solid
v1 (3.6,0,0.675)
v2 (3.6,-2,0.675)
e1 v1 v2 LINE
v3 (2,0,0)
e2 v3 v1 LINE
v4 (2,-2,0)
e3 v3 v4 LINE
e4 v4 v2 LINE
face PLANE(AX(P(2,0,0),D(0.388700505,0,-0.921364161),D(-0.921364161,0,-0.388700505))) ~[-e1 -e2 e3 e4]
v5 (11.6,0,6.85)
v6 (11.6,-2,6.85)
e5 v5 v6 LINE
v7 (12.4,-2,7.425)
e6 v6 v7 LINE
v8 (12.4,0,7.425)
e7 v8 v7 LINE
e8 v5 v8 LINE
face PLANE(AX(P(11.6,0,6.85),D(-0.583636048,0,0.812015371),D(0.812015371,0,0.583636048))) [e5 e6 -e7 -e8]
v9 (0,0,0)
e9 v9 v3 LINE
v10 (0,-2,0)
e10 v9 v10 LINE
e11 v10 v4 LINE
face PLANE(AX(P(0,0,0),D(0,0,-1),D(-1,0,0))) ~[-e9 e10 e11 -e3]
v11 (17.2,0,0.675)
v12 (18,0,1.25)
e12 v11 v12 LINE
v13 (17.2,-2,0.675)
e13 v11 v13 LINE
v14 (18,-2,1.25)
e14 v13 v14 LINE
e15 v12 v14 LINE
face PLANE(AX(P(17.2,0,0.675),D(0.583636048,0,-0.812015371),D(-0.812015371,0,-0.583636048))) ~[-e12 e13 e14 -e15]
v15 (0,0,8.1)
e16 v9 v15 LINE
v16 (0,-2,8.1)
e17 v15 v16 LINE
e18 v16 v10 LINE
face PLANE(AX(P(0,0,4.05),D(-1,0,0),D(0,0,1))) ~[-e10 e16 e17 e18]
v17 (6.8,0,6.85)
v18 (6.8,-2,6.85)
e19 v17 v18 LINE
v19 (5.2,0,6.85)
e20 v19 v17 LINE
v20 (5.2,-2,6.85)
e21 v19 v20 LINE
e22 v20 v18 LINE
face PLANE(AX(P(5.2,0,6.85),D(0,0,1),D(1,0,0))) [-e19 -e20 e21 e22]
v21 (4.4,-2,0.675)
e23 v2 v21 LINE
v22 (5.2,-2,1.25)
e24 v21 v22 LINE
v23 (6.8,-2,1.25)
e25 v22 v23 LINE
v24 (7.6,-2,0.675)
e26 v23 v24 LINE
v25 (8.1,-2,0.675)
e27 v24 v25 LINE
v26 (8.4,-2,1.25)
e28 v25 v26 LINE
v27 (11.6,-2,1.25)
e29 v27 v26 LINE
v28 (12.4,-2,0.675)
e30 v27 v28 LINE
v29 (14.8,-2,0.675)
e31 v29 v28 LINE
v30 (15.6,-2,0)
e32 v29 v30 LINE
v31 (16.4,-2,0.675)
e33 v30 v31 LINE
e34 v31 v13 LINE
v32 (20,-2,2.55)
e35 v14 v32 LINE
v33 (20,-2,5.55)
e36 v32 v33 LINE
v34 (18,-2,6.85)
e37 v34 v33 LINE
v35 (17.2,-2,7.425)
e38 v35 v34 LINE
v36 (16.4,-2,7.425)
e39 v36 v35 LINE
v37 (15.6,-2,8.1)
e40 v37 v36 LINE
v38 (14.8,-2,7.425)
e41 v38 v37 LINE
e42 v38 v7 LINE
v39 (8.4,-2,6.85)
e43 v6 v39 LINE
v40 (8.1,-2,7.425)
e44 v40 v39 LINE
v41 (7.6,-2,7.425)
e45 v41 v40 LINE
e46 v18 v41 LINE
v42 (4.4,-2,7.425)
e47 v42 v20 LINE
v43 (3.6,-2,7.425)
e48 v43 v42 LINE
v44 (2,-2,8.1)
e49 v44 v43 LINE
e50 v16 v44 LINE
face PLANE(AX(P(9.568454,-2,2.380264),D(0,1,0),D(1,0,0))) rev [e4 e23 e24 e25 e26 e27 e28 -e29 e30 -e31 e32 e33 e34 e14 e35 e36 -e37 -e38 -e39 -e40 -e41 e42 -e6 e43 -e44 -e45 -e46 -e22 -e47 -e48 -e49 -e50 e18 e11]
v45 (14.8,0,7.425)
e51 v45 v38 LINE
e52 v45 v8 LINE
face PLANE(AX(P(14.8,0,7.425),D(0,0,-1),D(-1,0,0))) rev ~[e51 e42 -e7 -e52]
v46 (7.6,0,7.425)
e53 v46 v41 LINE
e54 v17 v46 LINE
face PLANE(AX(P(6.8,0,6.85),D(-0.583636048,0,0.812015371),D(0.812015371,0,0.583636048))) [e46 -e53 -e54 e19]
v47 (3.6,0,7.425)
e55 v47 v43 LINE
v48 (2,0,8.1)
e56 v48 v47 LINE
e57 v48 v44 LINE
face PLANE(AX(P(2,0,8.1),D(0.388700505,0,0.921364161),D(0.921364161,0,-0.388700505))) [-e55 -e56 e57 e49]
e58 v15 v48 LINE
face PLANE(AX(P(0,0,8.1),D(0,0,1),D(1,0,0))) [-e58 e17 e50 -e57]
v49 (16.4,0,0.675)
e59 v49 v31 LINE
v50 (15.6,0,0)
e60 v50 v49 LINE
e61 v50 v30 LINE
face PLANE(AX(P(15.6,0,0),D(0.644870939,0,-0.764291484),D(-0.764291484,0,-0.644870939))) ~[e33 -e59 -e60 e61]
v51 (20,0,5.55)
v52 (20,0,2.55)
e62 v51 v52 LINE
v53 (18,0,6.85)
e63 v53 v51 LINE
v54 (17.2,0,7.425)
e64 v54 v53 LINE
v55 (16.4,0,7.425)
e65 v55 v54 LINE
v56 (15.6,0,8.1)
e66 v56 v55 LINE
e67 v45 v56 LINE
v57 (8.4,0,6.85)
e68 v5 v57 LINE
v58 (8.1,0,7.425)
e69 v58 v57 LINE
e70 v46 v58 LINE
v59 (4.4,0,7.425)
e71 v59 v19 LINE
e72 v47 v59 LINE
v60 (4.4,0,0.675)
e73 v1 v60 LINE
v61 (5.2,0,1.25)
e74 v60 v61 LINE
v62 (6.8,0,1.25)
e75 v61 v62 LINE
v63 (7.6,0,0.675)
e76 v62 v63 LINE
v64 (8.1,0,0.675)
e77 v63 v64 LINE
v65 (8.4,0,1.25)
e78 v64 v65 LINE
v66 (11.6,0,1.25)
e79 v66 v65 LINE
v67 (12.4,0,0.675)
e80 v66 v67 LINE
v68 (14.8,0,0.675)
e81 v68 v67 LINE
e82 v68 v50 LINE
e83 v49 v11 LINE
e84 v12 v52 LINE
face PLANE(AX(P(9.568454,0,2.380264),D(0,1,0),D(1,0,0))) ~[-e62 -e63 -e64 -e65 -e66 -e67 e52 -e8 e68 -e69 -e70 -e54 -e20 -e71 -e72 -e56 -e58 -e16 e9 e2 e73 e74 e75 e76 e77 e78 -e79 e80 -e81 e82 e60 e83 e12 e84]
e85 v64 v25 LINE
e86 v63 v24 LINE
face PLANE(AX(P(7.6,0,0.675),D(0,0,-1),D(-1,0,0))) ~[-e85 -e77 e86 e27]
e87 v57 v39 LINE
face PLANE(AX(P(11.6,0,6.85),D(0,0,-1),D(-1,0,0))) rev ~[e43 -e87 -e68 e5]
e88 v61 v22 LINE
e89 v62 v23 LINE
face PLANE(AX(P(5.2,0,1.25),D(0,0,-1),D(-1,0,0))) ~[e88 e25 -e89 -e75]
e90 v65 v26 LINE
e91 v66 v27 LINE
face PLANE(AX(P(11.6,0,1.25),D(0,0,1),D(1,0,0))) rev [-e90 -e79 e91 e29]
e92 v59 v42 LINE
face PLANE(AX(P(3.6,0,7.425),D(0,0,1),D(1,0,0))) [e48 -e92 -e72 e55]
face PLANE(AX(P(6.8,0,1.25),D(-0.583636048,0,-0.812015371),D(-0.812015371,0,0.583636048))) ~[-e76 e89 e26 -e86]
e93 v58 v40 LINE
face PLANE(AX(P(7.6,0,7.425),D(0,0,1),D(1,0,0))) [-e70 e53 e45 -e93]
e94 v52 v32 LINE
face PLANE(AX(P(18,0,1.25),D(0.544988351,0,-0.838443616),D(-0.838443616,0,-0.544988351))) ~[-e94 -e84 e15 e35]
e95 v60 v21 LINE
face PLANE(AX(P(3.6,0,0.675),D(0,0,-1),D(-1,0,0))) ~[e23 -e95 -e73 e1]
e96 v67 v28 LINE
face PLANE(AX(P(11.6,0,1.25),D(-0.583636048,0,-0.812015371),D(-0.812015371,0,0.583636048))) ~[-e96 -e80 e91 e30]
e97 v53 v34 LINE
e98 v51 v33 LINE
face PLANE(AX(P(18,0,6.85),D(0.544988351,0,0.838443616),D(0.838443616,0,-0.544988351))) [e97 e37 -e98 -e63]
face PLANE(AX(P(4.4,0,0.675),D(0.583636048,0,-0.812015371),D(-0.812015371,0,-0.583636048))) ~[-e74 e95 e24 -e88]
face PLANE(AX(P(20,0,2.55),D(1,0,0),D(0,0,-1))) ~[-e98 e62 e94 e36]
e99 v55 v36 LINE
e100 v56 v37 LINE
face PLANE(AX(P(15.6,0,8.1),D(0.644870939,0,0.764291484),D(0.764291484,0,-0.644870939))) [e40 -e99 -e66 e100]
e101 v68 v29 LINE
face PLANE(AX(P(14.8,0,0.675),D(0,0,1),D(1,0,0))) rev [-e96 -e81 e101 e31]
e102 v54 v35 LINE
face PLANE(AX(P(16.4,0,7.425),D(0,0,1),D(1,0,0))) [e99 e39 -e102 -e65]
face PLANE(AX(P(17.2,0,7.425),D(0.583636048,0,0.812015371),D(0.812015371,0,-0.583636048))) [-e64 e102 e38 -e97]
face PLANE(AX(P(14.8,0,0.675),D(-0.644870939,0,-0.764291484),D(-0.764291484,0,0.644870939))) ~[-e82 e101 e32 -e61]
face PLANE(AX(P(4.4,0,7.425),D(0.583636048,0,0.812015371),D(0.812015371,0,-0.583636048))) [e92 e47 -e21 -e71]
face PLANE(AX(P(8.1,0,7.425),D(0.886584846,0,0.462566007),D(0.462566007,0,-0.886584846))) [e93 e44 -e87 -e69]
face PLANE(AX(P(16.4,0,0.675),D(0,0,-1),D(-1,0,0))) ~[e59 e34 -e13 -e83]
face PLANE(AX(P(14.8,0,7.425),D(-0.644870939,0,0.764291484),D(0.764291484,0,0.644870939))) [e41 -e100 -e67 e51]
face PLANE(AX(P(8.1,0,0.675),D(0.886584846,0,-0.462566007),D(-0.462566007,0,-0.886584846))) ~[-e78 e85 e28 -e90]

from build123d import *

# Parameters (mm, degrees)
PAD_DEPTH = 2


with BuildPart() as part:
    # Sketch → Pad (new body)
    with BuildSketch(Plane.XZ):
        Polygon((2, 8.1), (3.6, 7.425), (4.4, 7.425), (5.2, 6.85), (6.8, 6.85), (7.6, 7.425), (8.1, 7.425), (8.4, 6.85), (10, 6.85), (11.6, 6.85), (12.4, 7.425), (13.2, 7.425), (14.8, 7.425), (15.6, 8.1), (16.4, 7.425), (17.2, 7.425), (18, 6.85), (20, 5.55), (20, 4.05), (0, 4.05), (0, 8.1), align=None)
    pad = extrude(amount=PAD_DEPTH)

    # Mirrored: Pad across Sketch Axis8
    add(pad.mirror(Plane(origin=(0, 0, 4.05), x_dir=(0, -1, 0), z_dir=(0, 0, 1))))


solid = part.part
